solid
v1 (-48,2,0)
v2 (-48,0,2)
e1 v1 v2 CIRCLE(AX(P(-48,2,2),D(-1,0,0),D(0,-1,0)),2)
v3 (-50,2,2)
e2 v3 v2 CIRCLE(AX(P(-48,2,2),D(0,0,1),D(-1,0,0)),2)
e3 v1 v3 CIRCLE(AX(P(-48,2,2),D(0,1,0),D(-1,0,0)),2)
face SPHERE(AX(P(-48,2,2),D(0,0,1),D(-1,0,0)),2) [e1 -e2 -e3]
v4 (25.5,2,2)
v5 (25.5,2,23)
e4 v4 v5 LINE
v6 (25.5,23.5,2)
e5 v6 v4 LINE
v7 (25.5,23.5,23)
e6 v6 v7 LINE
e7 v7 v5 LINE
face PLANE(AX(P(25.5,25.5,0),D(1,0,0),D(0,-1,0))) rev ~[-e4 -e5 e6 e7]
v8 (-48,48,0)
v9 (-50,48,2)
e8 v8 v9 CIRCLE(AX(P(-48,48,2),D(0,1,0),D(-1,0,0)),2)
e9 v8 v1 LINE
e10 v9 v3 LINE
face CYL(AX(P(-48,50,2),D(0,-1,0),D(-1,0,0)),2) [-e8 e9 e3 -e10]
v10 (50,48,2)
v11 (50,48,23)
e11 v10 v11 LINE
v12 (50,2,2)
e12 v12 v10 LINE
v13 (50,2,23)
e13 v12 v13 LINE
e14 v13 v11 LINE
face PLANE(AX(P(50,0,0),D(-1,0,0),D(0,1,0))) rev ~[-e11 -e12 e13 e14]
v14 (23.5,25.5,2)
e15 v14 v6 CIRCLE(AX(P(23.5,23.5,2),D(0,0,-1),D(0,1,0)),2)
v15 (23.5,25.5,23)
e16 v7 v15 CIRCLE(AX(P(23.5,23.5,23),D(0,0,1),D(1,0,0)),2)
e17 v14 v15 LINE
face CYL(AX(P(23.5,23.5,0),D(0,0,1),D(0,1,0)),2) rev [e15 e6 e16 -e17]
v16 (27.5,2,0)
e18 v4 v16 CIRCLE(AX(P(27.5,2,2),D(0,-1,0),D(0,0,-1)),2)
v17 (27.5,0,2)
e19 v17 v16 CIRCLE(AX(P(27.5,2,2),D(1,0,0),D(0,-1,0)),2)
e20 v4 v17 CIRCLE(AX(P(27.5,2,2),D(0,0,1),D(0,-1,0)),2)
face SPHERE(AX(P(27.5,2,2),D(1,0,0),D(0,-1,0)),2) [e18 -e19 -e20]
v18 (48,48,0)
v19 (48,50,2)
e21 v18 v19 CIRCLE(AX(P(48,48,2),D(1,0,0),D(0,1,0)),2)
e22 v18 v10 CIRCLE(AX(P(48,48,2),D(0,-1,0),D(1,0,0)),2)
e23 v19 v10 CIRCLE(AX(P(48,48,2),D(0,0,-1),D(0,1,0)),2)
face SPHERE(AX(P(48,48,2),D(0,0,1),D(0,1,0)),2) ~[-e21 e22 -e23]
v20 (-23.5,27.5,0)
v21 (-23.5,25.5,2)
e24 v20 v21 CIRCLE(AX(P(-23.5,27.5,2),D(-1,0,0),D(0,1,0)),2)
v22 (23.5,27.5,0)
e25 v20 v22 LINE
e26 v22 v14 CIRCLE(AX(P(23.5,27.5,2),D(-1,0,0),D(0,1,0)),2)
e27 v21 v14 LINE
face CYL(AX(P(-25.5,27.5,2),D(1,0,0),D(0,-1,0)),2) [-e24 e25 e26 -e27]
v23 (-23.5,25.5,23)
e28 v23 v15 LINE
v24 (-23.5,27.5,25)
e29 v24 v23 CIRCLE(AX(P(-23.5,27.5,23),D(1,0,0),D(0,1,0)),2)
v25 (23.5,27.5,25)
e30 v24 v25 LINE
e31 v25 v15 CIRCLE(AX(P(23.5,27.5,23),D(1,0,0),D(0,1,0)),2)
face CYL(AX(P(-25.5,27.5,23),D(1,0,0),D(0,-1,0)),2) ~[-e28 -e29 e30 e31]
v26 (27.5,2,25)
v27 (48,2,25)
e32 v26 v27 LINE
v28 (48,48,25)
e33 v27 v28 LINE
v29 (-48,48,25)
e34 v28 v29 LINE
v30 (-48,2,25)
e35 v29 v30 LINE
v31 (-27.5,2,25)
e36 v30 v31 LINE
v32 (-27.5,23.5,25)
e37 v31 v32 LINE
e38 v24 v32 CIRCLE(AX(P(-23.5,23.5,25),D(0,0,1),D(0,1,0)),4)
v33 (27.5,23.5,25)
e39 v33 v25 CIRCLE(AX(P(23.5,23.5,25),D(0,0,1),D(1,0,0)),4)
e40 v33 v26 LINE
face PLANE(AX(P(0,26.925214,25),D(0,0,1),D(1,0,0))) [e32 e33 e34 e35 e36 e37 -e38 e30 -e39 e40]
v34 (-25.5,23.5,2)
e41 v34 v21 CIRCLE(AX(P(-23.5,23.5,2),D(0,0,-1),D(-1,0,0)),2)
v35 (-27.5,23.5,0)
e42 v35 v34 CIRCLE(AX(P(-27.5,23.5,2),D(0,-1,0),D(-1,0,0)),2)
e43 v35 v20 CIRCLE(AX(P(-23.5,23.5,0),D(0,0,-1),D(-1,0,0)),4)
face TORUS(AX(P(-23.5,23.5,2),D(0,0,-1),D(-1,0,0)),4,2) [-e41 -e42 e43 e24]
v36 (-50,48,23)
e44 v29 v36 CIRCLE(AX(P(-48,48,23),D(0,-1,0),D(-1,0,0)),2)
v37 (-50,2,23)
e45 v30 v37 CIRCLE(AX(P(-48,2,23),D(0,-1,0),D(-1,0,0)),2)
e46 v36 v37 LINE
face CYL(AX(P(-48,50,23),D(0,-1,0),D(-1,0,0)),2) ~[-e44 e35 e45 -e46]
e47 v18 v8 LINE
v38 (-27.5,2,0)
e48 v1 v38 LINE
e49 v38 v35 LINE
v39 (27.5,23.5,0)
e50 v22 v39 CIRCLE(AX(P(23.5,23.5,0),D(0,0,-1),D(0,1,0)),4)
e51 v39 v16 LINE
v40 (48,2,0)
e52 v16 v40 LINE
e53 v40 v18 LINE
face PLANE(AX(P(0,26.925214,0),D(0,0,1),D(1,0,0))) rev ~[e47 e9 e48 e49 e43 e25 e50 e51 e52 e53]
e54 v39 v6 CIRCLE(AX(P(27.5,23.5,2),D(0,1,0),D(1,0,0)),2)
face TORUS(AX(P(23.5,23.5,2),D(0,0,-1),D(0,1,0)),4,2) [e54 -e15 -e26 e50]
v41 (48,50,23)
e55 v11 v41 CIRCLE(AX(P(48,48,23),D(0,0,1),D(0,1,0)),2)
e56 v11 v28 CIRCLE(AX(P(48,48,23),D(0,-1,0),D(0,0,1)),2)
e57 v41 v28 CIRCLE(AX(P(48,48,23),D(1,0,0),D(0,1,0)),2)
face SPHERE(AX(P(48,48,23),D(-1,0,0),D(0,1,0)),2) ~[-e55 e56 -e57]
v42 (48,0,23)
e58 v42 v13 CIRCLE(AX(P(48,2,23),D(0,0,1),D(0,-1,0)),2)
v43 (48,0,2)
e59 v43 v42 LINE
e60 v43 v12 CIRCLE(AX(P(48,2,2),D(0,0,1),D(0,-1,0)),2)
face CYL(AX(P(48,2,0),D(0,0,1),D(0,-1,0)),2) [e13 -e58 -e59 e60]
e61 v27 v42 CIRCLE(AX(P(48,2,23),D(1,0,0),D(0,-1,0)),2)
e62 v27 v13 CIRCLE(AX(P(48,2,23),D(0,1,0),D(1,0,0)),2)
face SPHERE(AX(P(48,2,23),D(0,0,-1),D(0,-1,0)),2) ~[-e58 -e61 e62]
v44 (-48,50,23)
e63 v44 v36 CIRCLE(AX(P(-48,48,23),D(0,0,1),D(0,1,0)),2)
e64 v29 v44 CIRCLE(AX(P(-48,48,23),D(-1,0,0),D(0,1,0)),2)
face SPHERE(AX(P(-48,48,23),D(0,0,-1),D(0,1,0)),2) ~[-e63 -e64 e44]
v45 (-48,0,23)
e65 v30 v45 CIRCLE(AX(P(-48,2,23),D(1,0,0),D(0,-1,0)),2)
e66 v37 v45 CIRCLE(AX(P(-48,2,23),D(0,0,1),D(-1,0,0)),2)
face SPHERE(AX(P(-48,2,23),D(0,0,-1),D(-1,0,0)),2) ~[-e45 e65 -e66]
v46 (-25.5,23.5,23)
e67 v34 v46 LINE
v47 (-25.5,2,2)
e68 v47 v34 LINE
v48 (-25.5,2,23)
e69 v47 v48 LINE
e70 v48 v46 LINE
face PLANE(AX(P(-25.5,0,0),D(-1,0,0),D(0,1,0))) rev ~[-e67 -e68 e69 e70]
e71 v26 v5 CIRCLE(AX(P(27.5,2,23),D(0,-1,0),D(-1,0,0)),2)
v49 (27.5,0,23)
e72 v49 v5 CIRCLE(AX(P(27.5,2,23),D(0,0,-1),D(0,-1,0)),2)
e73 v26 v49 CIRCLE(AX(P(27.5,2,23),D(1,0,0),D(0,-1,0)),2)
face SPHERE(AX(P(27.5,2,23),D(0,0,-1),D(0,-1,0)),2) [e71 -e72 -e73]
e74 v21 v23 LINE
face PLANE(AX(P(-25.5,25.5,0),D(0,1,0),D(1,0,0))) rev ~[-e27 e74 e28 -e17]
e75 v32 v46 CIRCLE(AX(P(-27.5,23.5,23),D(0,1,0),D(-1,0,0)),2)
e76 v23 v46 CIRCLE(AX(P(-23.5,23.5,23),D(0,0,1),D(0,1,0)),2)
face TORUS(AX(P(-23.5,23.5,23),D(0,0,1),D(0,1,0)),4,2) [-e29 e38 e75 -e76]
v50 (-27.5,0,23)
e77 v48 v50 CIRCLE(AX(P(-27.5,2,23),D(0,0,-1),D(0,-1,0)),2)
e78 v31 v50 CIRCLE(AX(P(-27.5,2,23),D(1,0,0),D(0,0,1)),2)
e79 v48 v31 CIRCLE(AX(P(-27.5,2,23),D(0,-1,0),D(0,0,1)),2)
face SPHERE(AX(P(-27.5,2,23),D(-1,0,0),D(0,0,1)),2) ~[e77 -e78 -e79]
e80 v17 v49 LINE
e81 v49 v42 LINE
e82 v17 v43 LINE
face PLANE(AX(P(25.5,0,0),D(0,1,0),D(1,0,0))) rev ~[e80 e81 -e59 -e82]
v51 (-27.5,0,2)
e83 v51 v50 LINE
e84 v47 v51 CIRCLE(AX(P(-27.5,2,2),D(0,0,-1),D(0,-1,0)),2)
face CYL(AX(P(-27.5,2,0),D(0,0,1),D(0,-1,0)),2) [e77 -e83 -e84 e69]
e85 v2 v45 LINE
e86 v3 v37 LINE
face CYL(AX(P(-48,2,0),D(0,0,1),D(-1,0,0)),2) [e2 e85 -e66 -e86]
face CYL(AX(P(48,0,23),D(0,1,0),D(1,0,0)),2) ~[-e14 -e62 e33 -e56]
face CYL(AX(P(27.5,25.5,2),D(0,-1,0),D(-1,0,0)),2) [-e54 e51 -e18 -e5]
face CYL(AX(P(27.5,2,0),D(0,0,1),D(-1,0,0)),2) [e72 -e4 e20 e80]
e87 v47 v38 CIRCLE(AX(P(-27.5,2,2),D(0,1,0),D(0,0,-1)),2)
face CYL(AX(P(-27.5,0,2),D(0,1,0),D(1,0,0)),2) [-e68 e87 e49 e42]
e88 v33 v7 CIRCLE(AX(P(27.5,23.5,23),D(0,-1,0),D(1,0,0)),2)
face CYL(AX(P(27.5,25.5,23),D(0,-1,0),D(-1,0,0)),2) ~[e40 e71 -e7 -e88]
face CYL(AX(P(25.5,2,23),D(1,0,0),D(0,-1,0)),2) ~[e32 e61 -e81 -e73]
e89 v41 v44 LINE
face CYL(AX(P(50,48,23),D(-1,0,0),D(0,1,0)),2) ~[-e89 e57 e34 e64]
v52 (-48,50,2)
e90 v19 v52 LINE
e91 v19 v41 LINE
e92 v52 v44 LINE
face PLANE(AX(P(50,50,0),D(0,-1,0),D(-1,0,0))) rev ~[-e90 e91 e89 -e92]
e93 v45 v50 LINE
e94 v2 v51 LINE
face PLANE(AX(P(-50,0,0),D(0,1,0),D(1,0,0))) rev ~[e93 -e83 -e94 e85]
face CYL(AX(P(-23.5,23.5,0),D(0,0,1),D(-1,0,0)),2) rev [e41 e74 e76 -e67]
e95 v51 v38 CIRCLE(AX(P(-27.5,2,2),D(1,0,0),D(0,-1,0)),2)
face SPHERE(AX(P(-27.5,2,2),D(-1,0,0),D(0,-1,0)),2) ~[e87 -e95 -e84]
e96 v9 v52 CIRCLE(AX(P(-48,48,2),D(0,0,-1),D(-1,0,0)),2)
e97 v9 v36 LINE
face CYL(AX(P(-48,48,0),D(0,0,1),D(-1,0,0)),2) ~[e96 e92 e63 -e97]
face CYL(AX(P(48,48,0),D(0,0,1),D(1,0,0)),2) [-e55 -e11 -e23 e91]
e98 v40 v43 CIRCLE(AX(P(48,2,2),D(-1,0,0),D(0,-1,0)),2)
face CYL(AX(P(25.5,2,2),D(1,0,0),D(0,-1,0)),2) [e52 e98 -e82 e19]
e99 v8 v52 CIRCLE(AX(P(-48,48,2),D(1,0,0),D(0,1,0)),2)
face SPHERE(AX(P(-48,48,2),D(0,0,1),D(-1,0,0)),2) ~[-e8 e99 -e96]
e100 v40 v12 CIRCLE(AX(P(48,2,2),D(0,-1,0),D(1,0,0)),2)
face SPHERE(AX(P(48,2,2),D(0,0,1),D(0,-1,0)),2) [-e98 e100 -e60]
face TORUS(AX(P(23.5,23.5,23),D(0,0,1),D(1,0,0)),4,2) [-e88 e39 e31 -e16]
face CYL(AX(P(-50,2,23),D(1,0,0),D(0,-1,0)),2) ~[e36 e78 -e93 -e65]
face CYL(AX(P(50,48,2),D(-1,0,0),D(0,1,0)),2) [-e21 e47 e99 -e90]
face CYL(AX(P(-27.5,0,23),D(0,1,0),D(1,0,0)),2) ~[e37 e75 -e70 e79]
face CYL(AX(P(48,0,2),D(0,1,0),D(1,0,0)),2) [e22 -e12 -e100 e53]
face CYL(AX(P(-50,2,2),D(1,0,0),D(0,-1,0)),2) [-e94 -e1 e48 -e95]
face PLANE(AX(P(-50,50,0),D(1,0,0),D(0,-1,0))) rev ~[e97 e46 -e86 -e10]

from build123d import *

# Parameters (mm, degrees)
F1_DEPTH = 25
F2_R     = 2


with BuildPart() as f1:
    # F0 (on Top) → F1 (new body)
    with BuildSketch(Plane.XY):
        Polygon((-50, 50), (-50, 0), (-25.5, 0), (-25.5, 25.5), (25.5, 25.5), (25.5, 0), (50, 0), (50, 50), align=None)
    extrude(amount=F1_DEPTH)

    # F2
    f2_edges = [f1.edges().sort_by_distance(p)[0] for p in [
        (-50, 50, 12.5),
        (0, 25.5, 25),
        (-50, 0, 12.5),
        (50, 0, 12.5),
        (0, 50, 25),
        (37.75, 0, 0),
        (25.5, 0, 12.5),
        (-50, 25, 25),
        (-37.75, 0, 25),
        (-50, 25, 0),
        (25.5, 25.5, 12.5),
        (-37.75, 0, 0),
        (0, 25.5, 0),
        (37.75, 0, 25),
        (-25.5, 12.75, 25),
        (-25.5, 25.5, 12.5),
        (25.5, 12.75, 25),
        (50, 50, 12.5),
        (25.5, 12.75, 0),
        (0, 50, 0),
        (50, 25, 25),
        (50, 25, 0),
        (-25.5, 0, 12.5),
        (-25.5, 12.75, 0),
    ]]
    fillet(f2_edges, radius=F2_R)


solid = f1.part
